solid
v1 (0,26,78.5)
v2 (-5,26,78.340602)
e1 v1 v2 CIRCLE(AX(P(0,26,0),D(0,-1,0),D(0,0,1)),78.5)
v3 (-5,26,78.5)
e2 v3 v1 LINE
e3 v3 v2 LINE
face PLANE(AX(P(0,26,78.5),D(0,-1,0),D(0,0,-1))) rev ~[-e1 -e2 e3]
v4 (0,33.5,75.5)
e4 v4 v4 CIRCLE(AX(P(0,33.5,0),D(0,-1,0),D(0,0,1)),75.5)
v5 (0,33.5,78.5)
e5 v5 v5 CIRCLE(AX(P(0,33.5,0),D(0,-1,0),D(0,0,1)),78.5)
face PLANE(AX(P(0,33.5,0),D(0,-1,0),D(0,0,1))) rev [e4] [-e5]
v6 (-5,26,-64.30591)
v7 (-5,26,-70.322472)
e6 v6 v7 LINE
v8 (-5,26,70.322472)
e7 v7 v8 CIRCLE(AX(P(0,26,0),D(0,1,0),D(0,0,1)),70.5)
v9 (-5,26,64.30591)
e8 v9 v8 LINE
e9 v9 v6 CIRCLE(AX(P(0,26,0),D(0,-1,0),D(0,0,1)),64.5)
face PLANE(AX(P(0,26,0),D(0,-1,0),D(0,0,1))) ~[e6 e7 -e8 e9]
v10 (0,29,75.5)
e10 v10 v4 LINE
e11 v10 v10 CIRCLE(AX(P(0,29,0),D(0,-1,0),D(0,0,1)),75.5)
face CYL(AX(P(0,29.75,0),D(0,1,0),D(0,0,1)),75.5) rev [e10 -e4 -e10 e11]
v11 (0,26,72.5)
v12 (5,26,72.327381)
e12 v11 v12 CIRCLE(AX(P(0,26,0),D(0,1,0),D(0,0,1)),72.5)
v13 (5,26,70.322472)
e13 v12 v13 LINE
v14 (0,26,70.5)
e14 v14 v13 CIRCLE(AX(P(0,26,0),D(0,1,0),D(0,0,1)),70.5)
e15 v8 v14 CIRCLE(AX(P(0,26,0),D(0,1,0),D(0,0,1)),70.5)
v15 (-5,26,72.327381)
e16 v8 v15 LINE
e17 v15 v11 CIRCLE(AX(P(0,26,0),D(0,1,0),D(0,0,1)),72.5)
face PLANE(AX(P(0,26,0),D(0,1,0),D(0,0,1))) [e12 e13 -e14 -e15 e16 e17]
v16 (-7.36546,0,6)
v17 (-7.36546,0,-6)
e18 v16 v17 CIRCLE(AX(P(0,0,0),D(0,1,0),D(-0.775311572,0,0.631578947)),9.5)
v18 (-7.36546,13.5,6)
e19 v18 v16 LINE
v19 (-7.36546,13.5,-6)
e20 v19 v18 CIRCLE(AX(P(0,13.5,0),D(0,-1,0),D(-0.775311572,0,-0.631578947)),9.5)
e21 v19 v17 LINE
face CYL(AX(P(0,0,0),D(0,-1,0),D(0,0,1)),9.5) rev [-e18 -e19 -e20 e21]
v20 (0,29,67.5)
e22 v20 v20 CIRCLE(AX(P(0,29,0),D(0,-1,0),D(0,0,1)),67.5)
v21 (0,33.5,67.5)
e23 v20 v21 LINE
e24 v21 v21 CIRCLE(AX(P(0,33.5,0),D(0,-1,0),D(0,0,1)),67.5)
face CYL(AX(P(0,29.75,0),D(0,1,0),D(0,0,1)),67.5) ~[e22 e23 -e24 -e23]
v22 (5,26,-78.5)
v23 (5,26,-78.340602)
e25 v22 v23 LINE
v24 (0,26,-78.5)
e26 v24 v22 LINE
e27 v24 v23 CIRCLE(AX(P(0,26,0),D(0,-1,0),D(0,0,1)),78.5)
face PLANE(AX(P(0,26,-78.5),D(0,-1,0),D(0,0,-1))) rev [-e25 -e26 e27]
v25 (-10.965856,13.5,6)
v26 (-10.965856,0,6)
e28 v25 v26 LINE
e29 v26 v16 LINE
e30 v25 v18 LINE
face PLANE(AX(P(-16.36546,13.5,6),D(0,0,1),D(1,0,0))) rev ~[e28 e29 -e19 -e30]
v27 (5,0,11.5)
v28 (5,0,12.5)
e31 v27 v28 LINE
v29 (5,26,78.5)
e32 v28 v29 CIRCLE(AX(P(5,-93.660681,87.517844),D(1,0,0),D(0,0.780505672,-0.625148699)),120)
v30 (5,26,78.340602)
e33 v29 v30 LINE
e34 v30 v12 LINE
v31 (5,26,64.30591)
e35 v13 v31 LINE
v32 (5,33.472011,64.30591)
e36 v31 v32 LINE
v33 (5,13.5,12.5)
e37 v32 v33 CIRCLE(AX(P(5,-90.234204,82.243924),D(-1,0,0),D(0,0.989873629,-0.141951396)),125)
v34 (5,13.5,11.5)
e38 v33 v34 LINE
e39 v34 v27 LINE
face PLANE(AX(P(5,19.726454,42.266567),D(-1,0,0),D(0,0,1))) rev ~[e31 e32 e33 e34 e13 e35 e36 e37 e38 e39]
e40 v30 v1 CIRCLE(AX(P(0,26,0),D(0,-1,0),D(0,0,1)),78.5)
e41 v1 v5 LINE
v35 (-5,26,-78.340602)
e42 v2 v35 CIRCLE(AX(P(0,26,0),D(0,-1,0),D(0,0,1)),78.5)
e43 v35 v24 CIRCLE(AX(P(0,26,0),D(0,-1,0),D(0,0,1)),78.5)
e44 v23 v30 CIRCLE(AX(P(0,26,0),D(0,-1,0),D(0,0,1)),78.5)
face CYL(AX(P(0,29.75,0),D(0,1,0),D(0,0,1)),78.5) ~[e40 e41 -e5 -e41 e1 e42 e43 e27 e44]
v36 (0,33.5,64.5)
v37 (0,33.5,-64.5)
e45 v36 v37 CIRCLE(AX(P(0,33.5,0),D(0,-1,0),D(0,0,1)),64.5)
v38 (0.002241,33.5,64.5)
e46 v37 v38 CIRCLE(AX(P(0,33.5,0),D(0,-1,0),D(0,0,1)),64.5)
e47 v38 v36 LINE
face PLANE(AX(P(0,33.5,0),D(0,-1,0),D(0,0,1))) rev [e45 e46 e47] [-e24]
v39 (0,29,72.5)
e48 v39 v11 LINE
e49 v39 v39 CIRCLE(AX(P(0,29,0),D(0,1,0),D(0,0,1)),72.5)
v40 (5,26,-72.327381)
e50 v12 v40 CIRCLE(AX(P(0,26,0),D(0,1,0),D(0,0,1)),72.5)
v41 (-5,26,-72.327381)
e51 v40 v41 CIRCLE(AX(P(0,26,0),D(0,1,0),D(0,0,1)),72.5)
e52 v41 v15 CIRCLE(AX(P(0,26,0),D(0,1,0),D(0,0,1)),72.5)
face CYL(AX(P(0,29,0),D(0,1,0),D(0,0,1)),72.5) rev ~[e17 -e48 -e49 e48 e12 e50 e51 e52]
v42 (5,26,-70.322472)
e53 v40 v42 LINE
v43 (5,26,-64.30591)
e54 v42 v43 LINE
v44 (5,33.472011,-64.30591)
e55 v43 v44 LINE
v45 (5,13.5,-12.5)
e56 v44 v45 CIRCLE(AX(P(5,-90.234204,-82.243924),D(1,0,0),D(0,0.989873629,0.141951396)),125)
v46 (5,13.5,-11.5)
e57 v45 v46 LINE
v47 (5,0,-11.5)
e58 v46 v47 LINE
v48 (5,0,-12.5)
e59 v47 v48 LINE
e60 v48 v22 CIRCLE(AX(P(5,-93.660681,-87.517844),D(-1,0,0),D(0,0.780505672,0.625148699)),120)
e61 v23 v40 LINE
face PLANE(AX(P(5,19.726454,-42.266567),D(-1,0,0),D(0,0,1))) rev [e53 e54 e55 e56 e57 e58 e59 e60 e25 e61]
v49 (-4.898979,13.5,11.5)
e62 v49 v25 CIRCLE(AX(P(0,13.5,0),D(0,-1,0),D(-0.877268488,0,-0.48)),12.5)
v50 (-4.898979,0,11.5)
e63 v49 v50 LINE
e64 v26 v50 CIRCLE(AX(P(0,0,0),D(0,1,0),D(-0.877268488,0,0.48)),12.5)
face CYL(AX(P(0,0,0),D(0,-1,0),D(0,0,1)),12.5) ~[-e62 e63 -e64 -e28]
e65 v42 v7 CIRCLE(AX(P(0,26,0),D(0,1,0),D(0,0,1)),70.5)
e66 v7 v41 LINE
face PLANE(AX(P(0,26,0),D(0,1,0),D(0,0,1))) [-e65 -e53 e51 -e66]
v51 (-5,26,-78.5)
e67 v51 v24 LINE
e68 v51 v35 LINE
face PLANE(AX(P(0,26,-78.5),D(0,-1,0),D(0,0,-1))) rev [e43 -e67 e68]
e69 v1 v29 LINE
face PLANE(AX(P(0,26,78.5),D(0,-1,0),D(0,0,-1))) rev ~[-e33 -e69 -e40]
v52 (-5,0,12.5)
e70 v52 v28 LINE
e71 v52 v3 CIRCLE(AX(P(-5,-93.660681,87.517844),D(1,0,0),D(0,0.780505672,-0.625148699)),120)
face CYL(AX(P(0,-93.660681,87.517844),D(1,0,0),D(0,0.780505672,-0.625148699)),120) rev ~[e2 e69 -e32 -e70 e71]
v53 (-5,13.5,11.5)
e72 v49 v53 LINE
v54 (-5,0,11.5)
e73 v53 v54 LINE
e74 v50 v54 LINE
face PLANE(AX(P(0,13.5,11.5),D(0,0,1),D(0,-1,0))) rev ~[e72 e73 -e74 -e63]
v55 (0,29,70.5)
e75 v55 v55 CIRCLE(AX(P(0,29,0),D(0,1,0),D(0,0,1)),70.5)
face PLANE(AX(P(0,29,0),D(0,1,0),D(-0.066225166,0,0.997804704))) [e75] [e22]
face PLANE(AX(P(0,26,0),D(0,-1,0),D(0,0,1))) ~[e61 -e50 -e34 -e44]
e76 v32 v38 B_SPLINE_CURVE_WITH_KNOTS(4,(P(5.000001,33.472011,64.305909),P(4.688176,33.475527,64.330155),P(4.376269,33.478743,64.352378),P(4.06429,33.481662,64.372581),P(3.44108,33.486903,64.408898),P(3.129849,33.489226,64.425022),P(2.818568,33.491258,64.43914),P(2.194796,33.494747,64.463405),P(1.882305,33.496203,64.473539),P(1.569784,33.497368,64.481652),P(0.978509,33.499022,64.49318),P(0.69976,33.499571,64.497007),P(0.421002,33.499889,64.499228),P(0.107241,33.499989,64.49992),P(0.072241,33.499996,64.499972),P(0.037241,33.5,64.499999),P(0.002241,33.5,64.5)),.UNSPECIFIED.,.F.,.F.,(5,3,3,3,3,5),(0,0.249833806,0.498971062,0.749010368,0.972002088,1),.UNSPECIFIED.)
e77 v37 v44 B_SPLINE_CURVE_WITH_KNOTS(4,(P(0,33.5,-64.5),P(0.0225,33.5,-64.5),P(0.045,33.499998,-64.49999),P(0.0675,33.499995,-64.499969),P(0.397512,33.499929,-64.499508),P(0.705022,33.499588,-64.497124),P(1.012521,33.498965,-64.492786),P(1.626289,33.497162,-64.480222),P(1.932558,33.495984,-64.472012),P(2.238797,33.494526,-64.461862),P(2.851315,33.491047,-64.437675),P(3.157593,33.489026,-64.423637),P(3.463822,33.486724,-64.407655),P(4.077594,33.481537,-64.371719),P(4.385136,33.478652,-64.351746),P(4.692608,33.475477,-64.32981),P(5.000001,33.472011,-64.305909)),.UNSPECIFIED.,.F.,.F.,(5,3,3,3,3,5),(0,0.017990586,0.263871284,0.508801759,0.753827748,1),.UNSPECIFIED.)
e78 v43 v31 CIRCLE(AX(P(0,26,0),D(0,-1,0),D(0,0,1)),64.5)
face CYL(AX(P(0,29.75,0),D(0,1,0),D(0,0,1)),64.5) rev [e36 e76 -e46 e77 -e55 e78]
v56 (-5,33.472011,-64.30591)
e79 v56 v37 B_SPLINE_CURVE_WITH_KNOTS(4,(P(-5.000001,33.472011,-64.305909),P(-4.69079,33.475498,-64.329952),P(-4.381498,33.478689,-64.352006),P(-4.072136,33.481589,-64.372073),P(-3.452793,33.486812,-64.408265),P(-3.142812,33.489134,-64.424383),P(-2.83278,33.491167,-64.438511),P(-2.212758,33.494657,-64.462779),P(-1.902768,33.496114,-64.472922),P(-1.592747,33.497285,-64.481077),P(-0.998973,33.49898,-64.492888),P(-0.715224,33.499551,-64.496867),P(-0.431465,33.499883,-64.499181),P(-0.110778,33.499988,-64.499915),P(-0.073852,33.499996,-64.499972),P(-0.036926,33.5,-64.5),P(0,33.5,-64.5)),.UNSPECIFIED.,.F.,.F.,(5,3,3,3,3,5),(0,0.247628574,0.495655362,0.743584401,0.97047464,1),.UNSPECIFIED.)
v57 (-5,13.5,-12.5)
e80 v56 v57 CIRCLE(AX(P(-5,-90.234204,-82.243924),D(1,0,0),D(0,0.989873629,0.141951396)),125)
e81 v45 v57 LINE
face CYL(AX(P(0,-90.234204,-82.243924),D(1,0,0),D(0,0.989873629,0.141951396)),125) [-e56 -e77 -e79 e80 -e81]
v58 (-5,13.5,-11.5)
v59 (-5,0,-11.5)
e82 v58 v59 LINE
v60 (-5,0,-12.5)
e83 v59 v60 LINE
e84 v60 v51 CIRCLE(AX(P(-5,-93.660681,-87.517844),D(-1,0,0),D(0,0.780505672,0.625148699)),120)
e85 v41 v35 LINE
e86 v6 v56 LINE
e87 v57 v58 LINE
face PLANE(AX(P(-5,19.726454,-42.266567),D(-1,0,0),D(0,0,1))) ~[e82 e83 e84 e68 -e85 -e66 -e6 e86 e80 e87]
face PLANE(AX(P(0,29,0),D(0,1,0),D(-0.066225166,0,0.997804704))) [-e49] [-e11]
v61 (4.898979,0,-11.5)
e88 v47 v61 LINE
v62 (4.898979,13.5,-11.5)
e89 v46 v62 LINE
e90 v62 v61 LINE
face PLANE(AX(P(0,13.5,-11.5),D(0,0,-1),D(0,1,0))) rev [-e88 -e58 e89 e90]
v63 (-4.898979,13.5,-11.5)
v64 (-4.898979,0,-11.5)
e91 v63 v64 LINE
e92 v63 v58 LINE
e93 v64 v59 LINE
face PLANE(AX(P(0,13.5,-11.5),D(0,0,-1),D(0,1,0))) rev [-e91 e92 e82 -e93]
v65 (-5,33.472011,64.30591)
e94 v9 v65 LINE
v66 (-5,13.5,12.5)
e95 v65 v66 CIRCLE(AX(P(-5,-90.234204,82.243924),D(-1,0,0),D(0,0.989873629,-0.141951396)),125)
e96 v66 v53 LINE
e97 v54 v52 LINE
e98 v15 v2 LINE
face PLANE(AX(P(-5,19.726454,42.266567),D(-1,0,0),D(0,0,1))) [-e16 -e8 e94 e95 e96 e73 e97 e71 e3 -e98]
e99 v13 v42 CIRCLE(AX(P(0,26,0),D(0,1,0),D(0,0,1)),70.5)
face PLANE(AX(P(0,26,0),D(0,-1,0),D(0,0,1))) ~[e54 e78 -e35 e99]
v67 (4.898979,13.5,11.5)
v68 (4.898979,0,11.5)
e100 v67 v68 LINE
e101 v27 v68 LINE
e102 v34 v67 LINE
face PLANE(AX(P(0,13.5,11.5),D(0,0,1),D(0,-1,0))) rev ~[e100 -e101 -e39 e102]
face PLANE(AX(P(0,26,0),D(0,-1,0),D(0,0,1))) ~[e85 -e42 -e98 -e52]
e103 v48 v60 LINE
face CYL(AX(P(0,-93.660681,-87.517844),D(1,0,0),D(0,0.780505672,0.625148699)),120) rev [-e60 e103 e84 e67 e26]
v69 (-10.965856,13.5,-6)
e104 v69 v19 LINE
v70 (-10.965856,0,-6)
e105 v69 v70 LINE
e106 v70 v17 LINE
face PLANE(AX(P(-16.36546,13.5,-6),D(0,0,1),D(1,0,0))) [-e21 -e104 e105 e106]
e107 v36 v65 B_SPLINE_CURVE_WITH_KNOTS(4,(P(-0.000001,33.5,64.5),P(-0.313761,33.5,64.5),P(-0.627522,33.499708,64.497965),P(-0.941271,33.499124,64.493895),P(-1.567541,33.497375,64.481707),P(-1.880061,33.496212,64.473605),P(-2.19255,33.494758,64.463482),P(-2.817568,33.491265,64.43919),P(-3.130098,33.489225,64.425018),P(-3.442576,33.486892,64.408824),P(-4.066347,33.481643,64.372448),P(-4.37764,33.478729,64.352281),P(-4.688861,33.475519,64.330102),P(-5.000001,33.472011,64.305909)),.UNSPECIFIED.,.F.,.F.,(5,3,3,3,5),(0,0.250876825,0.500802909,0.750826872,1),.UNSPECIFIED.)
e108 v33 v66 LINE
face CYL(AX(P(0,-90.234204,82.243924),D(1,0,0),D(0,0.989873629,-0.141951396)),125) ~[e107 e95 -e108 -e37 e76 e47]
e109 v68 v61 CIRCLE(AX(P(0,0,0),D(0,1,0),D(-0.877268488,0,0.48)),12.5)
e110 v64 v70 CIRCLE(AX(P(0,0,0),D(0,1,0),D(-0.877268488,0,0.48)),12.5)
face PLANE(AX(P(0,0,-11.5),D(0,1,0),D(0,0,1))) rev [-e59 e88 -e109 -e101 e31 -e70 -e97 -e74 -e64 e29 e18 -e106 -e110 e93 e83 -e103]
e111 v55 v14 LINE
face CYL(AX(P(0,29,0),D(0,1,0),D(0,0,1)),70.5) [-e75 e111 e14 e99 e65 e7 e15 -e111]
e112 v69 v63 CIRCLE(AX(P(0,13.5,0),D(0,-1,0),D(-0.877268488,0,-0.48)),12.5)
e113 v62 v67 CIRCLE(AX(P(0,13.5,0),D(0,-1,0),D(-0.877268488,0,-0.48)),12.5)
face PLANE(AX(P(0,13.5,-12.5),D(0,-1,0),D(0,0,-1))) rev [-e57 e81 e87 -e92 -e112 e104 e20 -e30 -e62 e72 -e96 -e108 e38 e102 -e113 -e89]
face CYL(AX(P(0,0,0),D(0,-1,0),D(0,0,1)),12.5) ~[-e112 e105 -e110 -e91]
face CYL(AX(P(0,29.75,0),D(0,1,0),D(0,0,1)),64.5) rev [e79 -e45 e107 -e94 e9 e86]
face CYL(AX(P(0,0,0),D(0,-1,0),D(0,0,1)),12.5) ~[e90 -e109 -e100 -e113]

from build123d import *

# Parameters (mm, degrees)
SCHIZZO1_R                   = 12.5
SCHIZZO1_R_2                 = 9.5
ESTRUSIONE_ESTRUSIONE1_DEPTH = 13.5
SCHIZZO2_W                   = 9
SCHIZZO2_H                   = 12
TAGLIO_ESTRUSIONE1_DEPTH     = 23.24297642
ESTRUSIONE_ESTRUSIONE2_DEPTH = 5
SCHIZZO3_R                   = 75.5
SCHIZZO3_R_2                 = 67.5
BOSS_EXTRUDE1_DEPTH          = 3
SKETCH1_W                    = 3
SKETCH1_H                    = 7.5
SKETCH2_R                    = 72.5
SKETCH2_R_2                  = 70.5
CUT_EXTRUDE1_DEPTH           = 3


with BuildPart() as part:
    # Schizzo1 → Estrusione-Estrusione1 (new body)
    with BuildSketch(Plane(origin=(0, 0, 0), x_dir=(1, 0, 0), z_dir=(0, 1, 0))):
        with Locations(Location((0, 0, 0), (0, 0, 270))):
            Circle(SCHIZZO1_R)
        with Locations(Location((0, 0, 0), (0, 0, 270))):
            Circle(SCHIZZO1_R_2, mode=Mode.SUBTRACT)
    extrude(amount=ESTRUSIONE_ESTRUSIONE1_DEPTH)

    # Schizzo2 → Taglio-Estrusione1 (cut, through all)
    with BuildSketch(Plane(origin=(0, 13.5, 0), x_dir=(1, 0, 0), z_dir=(0, 1, 0))):
        with Locations((-11.865459931, 0)):
            Rectangle(SCHIZZO2_W, SCHIZZO2_H)
    extrude(amount=-TAGLIO_ESTRUSIONE1_DEPTH, mode=Mode.SUBTRACT)

    # Schizzo5 → Estrusione-Estrusione2 (add, symmetric)
    with BuildSketch(Plane(origin=(0, 0, 0), x_dir=(0, 0, -1), z_dir=(1, 0, 0))):
        with BuildLine():
            Line((-64.5, 26), (-64.5, 33.5))
            ThreePointArc((-64.5, 33.5), (-37.371539554, 26.433997159), (-12.5, 13.5))
            Line((-12.5, 13.5), (-11.5, 13.5))
            Line((-11.5, 13.5), (-11.5, 0))
            Line((-11.5, 0), (-12.5, 0))
            ThreePointArc((-12.5, 0), (-43.534901683, 17.988326497), (-78.5, 26))
            Line((-78.5, 26), (-64.5, 26))
        make_face()
    estrusione_estrusione2 = extrude(amount=ESTRUSIONE_ESTRUSIONE2_DEPTH, both=True)

    # Schizzo3 → Boss-Extrude1 (add)
    with BuildSketch(Plane(origin=(0, 26, 0), x_dir=(1, 0, 0), z_dir=(0, 1, 0))):
        with Locations(Location((0, 0, 0), (0, 0, 266.202798448))):
            Circle(SCHIZZO3_R)
        with Locations(Location((0, 0, 0), (0, 0, 265.751977333))):
            Circle(SCHIZZO3_R_2, mode=Mode.SUBTRACT)
    extrude(amount=BOSS_EXTRUDE1_DEPTH)

    # Sketch1 → Revolve1 (revolve)
    with BuildSketch(Plane(origin=(0, 0, 0), x_dir=(0, 0, -1), z_dir=(1, 0, 0)), mode=Mode.PRIVATE) as revolve1_sk:
        with Locations((77, 29.75)):
            Rectangle(SKETCH1_W, SKETCH1_H)
        with Locations((66, 29.75)):
            Rectangle(SKETCH1_W, SKETCH1_H)
    revolve(revolve1_sk.sketch.rotate(Axis((0, 39.375, 0), (0, -1, 0)), 180), axis=Axis((0, 39.375, 0), (0, -1, 0)))

    # Mirror1: Estrusione-Estrusione2 across plane
    add(estrusione_estrusione2.mirror(Plane.XY))

    # Sketch2 → Cut-Extrude1 (cut)
    with BuildSketch(Plane(origin=(0, 29, 0), x_dir=(1, 0, 0), z_dir=(0, 1, 0))):
        with Locations(Location((0, 0, 0), (0, 0, 270))):
            Circle(SKETCH2_R)
        with Locations(Location((0, 0, 0), (0, 0, 270))):
            Circle(SKETCH2_R_2, mode=Mode.SUBTRACT)
    extrude(amount=-CUT_EXTRUDE1_DEPTH, mode=Mode.SUBTRACT)


solid = part.part
